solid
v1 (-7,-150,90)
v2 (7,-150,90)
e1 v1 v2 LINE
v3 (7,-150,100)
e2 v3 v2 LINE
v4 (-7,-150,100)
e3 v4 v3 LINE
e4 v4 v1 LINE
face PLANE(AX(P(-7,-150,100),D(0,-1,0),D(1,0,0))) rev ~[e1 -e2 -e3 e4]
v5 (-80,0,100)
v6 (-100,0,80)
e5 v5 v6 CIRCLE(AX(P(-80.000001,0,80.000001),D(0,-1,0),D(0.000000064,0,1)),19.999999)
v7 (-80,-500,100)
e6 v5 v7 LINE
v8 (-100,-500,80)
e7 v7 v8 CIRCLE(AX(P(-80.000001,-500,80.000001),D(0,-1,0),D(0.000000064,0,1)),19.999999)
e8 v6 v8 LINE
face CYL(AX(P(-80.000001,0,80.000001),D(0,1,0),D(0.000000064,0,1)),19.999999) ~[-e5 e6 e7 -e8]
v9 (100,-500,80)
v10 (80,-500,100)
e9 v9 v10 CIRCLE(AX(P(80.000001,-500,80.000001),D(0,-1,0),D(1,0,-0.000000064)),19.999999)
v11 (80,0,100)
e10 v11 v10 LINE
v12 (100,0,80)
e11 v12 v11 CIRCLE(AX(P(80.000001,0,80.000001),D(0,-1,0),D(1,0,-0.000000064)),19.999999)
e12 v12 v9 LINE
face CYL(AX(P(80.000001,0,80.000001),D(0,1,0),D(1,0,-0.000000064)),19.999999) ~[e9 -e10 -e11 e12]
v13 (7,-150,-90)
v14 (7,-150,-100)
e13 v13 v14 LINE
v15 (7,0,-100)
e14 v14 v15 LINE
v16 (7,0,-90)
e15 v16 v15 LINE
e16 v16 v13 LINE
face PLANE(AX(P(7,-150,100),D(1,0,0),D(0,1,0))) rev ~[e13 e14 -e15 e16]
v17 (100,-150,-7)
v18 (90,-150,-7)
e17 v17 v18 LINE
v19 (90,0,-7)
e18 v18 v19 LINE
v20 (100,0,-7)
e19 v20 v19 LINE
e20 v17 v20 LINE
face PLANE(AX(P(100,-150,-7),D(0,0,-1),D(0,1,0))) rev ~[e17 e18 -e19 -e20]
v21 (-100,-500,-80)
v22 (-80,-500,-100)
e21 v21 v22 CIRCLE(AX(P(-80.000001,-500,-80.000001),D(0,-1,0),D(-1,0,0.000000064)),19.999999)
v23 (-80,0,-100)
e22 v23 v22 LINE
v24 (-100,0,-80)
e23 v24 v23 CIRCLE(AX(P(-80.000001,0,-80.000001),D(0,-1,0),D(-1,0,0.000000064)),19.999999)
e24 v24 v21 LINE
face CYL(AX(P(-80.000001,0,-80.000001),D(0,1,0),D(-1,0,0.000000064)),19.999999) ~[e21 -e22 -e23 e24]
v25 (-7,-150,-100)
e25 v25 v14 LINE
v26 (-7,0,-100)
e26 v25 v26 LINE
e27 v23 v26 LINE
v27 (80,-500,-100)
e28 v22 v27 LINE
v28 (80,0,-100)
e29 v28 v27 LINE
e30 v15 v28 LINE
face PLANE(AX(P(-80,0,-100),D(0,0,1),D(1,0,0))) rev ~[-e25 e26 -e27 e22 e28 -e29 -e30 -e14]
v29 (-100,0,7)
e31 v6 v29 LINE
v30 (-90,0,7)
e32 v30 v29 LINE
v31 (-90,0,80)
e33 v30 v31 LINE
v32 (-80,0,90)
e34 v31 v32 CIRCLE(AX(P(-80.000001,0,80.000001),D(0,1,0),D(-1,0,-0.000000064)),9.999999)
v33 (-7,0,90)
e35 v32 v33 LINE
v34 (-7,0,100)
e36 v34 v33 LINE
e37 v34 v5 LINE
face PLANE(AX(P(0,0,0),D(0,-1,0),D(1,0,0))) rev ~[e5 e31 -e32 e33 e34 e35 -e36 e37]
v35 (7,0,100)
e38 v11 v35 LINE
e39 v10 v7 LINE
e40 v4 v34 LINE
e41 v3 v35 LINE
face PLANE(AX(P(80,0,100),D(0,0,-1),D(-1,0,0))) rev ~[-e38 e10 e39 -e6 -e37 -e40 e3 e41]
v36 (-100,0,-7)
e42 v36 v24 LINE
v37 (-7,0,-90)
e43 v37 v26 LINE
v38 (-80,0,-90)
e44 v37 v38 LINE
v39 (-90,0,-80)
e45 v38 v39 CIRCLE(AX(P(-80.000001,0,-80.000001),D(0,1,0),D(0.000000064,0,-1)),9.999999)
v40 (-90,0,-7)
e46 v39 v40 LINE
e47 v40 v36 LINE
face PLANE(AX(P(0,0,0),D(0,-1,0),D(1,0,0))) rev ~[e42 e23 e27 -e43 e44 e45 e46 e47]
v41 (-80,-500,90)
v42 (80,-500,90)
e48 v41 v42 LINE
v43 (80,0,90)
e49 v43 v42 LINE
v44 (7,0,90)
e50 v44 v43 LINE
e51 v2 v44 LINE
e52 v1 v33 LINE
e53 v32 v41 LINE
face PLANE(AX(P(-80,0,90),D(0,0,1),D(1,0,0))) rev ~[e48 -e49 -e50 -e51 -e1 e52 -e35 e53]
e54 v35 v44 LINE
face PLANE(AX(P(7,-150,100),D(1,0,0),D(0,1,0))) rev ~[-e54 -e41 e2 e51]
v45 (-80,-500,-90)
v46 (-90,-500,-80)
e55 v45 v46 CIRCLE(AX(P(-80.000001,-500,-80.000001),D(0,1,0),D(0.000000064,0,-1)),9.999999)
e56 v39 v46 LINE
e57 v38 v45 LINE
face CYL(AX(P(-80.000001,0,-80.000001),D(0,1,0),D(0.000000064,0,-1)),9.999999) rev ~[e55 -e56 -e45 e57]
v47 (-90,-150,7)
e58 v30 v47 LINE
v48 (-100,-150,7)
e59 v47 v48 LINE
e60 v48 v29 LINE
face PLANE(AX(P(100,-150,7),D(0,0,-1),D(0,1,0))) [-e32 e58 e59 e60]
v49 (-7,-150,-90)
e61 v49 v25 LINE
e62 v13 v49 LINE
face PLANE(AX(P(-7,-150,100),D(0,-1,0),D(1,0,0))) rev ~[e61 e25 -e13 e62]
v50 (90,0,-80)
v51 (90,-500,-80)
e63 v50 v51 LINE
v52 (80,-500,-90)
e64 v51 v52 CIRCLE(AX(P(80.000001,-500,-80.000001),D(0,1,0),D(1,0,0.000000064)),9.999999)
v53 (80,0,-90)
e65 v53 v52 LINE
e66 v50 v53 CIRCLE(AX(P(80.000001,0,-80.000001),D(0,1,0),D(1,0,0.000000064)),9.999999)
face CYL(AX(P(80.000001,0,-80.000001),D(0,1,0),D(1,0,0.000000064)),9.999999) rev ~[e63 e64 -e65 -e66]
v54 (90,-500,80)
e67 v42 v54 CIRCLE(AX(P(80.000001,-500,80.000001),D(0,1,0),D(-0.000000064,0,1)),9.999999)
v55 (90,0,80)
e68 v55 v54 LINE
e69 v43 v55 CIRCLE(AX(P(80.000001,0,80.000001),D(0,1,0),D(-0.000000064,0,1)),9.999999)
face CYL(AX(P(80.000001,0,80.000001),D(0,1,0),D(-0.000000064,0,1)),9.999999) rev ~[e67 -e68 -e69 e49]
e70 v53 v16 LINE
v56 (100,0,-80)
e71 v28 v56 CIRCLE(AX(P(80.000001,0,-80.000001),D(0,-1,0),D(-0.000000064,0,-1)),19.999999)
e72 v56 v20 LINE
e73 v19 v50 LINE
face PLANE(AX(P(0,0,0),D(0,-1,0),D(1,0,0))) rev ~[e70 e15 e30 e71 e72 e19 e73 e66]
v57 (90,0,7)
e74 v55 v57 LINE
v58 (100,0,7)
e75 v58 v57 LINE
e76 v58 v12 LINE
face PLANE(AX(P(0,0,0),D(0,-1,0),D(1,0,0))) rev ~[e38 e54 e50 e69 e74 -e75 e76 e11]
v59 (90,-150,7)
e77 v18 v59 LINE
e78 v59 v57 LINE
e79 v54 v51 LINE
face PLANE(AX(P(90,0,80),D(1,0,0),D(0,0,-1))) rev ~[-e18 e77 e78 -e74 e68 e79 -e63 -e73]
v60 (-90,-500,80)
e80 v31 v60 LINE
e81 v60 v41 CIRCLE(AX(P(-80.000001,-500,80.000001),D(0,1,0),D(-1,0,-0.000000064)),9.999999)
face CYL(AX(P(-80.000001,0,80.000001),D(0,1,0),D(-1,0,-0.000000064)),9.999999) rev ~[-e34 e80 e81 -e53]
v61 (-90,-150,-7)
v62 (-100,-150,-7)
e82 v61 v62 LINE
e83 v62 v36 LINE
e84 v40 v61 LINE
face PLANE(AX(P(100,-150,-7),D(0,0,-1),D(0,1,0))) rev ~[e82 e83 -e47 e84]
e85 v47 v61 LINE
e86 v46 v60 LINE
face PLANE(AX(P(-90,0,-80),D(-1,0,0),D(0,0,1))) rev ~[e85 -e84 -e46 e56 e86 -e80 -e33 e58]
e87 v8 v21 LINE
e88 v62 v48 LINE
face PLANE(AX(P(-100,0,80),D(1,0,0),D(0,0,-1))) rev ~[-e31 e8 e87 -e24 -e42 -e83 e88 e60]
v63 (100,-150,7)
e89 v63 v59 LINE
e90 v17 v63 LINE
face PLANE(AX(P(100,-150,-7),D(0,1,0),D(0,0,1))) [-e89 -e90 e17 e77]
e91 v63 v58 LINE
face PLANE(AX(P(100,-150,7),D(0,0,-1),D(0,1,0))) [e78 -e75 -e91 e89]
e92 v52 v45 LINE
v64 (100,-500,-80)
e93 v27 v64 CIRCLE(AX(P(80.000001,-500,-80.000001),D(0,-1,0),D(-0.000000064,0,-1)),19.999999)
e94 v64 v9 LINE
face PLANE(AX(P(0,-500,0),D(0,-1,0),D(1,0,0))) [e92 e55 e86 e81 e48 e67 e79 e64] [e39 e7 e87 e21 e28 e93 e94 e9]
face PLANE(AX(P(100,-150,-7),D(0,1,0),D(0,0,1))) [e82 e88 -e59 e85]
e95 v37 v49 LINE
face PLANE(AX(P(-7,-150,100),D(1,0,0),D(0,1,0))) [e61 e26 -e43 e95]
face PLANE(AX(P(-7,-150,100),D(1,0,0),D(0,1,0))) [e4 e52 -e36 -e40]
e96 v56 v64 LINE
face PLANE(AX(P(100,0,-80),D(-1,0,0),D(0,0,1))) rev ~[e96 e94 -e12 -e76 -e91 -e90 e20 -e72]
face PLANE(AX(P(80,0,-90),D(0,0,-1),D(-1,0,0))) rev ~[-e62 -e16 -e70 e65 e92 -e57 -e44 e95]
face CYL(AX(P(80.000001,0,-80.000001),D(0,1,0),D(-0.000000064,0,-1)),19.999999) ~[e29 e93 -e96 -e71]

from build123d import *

# Parameters (mm, degrees)
F1_DEPTH = 500
F2_W     = 14
F2_H     = 150
F3_DEPTH = 200.001
F4_W     = 150
F4_H     = 14
F5_DEPTH = 200.001


with BuildPart() as f1:
    # F0 (on Front) → F1 (new body)
    with BuildSketch(Plane.XZ):
        with BuildLine():
            ThreePointArc((100, 80), (94.142136, 94.142136), (80, 100))
            Line((80, 100), (-80, 100))
            ThreePointArc((-80, 100), (-94.142136, 94.142136), (-100, 80))
            Line((-100, 80), (-100, -80))
            ThreePointArc((-100, -80), (-94.142136, -94.142136), (-80, -100))
            Line((-80, -100), (80, -100))
            ThreePointArc((80, -100), (94.142136, -94.142136), (100, -80))
            Line((100, -80), (100, 80))
        make_face()
        with BuildLine():
            Line((-80, 90), (80, 90))
            ThreePointArc((80, 90), (87.071068, 87.071068), (90, 80))
            Line((90, 80), (90, -80))
            ThreePointArc((90, -80), (87.071068, -87.071068), (80, -90))
            Line((80, -90), (-80, -90))
            ThreePointArc((-80, -90), (-87.071068, -87.071068), (-90, -80))
            Line((-90, -80), (-90, 80))
            ThreePointArc((-90, 80), (-87.071068, 87.071068), (-80, 90))
        make_face(mode=Mode.SUBTRACT)
    extrude(amount=F1_DEPTH)

    # F2 (on face) → F3 (cut, through all)
    with BuildSketch(Plane.XY.offset(100)):
        with Locations((0, -75)):
            Rectangle(F2_W, F2_H)
    extrude(amount=-F3_DEPTH, mode=Mode.SUBTRACT)

    # F4 (on face) → F5 (cut, through all)
    with BuildSketch(Plane.YZ.offset(100)):
        with Locations((-75, 0)):
            Rectangle(F4_W, F4_H)
    extrude(amount=-F5_DEPTH, mode=Mode.SUBTRACT)


solid = f1.part
